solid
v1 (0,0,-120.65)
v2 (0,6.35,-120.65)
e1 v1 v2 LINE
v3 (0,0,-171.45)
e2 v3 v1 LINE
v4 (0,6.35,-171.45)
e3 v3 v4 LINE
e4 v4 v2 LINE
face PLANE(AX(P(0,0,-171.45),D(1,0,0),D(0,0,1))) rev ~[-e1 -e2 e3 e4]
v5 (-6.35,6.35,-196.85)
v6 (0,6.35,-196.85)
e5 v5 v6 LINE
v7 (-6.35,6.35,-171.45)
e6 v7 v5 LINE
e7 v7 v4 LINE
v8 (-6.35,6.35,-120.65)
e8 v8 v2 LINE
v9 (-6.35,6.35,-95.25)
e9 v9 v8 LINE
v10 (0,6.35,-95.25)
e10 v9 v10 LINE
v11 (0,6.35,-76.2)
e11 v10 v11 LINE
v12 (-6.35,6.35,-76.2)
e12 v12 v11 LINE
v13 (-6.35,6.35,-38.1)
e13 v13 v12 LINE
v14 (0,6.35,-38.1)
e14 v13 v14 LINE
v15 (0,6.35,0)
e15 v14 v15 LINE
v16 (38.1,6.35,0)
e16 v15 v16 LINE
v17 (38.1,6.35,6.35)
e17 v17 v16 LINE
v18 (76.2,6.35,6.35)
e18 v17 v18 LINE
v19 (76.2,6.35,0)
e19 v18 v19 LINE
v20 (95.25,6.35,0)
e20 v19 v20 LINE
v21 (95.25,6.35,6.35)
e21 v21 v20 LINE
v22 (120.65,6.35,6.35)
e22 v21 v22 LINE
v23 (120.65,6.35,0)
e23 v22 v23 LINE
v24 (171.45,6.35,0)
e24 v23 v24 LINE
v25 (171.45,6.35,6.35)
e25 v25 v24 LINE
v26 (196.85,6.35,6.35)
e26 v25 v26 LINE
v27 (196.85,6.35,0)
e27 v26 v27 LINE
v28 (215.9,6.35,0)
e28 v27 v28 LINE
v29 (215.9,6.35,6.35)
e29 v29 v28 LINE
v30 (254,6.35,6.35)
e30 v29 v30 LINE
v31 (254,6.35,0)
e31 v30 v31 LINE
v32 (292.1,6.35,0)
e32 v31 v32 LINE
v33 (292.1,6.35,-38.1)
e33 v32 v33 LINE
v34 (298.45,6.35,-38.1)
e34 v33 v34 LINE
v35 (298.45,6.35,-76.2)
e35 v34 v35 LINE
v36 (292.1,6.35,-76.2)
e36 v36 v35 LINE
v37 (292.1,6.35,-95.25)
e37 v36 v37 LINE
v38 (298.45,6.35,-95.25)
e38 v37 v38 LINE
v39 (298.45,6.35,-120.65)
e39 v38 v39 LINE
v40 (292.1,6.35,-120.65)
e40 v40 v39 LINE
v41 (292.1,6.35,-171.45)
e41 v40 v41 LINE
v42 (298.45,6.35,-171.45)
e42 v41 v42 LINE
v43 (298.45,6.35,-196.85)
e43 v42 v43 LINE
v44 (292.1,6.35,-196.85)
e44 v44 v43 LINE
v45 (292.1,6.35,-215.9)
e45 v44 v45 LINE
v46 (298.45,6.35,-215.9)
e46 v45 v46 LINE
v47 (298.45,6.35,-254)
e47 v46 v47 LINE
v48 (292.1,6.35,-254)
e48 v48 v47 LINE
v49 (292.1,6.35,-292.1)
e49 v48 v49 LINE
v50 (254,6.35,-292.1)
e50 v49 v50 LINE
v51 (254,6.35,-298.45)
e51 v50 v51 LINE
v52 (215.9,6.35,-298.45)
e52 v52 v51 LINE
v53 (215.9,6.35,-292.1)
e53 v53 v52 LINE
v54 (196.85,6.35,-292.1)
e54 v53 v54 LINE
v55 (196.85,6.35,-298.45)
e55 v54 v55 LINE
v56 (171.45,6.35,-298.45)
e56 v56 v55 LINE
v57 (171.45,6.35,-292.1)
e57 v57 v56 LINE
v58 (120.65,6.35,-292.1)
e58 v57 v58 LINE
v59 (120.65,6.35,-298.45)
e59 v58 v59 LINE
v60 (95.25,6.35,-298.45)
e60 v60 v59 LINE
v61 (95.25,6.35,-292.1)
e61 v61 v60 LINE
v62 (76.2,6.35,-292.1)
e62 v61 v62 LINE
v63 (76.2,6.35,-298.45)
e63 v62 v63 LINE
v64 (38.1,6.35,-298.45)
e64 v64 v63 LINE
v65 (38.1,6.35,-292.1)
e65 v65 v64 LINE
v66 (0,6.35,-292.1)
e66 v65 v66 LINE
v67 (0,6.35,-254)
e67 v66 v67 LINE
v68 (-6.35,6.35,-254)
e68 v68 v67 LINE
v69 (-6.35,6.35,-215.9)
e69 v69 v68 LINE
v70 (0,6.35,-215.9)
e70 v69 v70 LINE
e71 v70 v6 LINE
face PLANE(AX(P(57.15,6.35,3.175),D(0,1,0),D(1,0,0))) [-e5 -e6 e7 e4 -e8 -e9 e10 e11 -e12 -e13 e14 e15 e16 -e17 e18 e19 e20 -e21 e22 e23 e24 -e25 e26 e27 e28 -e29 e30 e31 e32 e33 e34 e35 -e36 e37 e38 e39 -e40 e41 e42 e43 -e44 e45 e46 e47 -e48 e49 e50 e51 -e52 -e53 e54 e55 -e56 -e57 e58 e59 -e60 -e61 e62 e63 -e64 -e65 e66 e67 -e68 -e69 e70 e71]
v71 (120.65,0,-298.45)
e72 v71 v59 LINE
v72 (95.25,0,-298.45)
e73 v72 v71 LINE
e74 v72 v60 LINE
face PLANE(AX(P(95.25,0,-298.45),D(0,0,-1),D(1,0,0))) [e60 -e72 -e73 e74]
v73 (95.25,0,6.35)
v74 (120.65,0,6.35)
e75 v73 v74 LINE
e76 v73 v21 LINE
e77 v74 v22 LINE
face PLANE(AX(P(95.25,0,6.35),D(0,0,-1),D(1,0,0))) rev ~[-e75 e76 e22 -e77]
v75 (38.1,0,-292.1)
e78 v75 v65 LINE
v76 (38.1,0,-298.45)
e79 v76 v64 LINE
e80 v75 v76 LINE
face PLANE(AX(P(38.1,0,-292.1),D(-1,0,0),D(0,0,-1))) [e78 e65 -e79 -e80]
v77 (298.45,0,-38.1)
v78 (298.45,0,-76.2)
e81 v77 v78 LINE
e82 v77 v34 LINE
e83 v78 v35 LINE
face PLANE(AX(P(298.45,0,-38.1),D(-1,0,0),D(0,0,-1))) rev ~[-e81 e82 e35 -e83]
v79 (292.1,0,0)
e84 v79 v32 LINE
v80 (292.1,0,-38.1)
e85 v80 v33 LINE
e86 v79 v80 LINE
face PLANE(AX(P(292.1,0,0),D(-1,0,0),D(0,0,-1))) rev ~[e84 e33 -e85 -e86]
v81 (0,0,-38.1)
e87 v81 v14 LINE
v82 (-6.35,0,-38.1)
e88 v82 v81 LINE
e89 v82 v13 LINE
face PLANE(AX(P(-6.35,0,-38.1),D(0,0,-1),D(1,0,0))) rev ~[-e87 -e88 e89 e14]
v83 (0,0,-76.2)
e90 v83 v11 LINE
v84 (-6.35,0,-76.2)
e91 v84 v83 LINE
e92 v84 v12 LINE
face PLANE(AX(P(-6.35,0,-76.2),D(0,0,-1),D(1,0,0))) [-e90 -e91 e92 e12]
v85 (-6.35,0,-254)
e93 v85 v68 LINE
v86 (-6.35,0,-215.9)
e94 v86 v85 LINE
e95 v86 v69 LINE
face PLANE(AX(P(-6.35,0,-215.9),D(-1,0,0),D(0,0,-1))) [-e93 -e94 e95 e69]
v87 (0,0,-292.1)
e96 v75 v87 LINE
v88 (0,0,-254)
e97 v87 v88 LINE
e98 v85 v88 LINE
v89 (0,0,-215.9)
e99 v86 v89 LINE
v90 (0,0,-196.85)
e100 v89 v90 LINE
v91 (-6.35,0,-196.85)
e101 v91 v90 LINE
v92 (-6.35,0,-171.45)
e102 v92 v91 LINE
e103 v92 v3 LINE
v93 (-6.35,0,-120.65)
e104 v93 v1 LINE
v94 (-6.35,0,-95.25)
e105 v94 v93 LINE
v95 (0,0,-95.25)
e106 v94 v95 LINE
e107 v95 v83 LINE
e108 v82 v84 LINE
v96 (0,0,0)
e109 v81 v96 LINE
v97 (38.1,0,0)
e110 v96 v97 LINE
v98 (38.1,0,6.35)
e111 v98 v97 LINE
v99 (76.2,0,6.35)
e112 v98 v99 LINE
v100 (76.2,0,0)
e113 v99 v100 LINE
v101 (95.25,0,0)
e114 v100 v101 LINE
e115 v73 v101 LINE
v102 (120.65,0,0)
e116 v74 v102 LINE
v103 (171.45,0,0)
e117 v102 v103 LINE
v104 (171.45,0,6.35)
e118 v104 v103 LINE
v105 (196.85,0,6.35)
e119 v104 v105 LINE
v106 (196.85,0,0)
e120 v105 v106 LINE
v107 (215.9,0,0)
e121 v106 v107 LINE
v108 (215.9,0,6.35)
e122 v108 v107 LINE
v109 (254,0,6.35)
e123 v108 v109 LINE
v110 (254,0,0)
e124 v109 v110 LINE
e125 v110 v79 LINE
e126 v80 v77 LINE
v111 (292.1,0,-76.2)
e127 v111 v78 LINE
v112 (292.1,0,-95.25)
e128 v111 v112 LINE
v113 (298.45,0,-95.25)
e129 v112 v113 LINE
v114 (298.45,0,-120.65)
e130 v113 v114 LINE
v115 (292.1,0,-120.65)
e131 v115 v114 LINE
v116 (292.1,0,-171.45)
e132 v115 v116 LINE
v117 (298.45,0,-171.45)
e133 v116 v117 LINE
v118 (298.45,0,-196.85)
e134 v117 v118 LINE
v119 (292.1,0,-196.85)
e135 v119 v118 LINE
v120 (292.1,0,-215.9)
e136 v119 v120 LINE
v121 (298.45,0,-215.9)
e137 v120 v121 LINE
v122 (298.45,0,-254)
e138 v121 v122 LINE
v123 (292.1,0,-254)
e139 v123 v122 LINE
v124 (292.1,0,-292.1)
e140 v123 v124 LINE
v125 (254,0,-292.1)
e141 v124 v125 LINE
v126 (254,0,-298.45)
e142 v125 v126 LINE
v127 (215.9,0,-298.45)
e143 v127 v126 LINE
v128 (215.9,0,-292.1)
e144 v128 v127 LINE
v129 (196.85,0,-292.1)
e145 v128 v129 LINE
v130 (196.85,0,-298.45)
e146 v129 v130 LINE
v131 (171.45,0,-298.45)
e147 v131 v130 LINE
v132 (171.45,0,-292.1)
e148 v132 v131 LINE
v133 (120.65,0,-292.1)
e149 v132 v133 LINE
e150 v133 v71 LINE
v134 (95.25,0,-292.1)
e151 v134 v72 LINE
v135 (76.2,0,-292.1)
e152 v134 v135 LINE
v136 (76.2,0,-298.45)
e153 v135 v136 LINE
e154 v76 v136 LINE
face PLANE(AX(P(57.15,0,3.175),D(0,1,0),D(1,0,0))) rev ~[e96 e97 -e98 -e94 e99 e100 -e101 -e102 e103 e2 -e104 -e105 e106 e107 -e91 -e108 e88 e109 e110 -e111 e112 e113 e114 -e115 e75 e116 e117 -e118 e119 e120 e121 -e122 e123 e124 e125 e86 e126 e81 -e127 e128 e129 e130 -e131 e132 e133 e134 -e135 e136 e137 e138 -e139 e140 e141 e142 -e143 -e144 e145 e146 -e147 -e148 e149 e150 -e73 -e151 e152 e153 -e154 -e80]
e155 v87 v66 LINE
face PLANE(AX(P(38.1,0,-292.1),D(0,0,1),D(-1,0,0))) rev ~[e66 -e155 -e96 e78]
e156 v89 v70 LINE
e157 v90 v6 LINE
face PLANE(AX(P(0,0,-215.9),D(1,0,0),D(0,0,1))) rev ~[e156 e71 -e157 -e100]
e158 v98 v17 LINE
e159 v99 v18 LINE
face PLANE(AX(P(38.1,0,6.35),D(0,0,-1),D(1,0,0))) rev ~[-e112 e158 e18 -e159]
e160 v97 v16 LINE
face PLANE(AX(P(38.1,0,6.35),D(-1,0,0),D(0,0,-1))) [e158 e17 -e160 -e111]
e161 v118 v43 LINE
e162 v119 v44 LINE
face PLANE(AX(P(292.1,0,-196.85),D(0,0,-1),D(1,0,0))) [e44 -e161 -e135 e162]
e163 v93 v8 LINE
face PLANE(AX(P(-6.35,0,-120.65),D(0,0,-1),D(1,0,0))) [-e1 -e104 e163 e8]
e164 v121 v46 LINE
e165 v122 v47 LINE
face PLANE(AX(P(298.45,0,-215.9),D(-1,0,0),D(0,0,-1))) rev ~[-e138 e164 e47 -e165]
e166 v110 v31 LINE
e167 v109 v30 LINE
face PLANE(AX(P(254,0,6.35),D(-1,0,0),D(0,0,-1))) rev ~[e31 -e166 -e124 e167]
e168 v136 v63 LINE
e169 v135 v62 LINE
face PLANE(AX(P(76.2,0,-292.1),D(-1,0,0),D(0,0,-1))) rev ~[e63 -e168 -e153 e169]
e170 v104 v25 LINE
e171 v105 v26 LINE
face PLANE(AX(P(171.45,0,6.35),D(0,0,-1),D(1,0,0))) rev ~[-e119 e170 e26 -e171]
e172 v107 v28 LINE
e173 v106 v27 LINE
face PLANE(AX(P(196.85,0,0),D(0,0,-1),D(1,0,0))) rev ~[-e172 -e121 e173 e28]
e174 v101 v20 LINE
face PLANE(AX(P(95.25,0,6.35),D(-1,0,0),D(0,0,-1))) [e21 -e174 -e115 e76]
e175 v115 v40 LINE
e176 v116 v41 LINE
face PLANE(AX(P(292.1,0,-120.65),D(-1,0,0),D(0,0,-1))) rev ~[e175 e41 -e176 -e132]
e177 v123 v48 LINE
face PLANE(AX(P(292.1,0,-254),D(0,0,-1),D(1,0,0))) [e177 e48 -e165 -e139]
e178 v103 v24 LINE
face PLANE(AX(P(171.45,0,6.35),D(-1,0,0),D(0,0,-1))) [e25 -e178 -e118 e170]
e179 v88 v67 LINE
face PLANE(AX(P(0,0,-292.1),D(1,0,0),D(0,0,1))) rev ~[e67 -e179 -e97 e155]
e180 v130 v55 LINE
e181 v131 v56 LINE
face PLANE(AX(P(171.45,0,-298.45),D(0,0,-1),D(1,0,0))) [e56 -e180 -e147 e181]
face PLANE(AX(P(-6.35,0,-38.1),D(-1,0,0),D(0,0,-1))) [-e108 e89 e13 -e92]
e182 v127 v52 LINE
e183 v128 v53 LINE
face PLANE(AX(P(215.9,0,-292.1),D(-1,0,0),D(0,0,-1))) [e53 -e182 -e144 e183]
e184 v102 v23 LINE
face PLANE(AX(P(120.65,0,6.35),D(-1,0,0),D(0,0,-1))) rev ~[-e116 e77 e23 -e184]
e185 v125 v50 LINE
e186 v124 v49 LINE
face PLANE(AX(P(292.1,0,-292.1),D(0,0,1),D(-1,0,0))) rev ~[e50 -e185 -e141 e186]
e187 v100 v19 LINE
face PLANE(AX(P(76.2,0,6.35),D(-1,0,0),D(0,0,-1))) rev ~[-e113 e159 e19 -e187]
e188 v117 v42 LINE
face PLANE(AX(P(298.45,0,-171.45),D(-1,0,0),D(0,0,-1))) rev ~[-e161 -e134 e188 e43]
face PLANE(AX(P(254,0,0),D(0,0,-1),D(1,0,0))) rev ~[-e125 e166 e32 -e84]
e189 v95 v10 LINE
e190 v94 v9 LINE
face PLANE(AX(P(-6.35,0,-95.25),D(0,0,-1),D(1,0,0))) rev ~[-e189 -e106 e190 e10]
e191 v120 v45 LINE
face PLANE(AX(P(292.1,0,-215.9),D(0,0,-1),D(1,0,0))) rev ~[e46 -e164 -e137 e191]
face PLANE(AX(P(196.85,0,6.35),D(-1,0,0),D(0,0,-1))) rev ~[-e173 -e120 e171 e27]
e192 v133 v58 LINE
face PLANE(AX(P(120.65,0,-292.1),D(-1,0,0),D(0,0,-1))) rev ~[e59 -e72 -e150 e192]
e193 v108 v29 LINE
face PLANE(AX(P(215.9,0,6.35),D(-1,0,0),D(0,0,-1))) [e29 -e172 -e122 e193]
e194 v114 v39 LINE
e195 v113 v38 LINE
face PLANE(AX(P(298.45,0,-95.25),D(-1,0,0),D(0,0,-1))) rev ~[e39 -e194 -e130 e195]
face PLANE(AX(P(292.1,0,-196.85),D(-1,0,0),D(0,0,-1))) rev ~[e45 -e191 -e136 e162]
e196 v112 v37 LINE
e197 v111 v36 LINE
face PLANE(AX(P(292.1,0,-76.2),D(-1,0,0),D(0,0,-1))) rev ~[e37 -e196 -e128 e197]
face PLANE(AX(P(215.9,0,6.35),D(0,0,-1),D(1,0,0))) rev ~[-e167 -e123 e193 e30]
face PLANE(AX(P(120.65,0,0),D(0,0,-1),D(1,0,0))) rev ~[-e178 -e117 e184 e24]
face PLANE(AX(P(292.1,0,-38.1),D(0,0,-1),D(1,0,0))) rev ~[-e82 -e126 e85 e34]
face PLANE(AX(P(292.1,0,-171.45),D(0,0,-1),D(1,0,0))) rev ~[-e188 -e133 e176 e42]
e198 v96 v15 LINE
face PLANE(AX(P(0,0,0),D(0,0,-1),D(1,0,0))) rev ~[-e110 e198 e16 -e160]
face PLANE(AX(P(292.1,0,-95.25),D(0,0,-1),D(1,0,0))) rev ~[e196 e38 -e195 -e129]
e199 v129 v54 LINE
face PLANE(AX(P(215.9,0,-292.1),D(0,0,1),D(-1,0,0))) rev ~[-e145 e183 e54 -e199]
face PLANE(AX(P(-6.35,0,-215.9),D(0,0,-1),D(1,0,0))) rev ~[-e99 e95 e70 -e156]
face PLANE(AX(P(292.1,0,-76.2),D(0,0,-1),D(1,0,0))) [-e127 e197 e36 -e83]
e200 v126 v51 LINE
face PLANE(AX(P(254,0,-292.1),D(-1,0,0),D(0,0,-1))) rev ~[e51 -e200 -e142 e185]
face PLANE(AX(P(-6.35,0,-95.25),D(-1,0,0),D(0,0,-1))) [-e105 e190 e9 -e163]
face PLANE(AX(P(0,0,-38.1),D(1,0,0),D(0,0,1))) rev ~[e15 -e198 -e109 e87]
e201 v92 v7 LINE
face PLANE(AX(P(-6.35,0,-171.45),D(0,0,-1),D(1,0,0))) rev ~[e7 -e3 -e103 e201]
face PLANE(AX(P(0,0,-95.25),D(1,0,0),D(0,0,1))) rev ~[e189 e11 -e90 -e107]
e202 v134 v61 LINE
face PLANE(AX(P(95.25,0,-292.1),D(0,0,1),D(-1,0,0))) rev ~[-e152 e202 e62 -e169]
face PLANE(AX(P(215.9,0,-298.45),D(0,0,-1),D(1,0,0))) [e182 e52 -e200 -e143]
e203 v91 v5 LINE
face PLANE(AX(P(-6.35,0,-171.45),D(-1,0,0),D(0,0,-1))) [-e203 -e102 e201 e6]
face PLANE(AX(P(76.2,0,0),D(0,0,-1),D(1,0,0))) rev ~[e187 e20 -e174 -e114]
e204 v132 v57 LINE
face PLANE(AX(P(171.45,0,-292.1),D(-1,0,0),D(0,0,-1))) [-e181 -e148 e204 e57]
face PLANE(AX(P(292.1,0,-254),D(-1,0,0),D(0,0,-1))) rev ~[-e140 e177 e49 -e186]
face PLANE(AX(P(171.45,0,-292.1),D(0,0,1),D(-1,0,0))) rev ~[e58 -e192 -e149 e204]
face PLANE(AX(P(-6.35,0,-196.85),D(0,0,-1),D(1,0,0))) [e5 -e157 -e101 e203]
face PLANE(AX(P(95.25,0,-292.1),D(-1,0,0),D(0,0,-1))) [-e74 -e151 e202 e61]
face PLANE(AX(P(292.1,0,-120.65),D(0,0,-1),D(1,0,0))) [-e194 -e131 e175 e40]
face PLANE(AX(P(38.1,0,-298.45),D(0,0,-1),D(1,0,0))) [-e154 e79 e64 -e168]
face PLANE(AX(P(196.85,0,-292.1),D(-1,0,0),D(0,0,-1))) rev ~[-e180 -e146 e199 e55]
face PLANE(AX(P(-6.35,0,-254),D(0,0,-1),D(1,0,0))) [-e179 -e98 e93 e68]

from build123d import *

# Parameters (mm, degrees)
SKETCH2_W           = 38.1
SKETCH2_H           = 6.35
SKETCH2_W_2         = 25.4
SKETCH2_W_3         = 6.35
SKETCH2_H_2         = 38.1
SKETCH2_H_3         = 25.4
BOSS_EXTRUDE1_DEPTH = 6.35


with BuildPart() as part:
    # Sketch2 → Boss-Extrude1 (new body)
    with BuildSketch(Plane(origin=(0, 0, 0), x_dir=(1, 0, 0), z_dir=(0, 1, 0))):
        with Locations((57.15, -3.175)):
            Rectangle(SKETCH2_W, SKETCH2_H)
        with Locations((107.95, -3.175)):
            Rectangle(SKETCH2_W_2, SKETCH2_H)
        with Locations((184.15, -3.175)):
            Rectangle(SKETCH2_W_2, SKETCH2_H)
        with Locations((234.95, -3.175)):
            Rectangle(SKETCH2_W, SKETCH2_H)
        with Locations((295.275, 57.15)):
            Rectangle(SKETCH2_W_3, SKETCH2_H_2)
        with Locations((295.275, 107.95)):
            Rectangle(SKETCH2_W_3, SKETCH2_H_3)
        with Locations((295.275, 184.15)):
            Rectangle(SKETCH2_W_3, SKETCH2_H_3)
        with Locations((295.275, 234.95)):
            Rectangle(SKETCH2_W_3, SKETCH2_H_2)
        with Locations((234.95, 295.275)):
            Rectangle(SKETCH2_W, SKETCH2_H)
        with Locations((184.15, 295.275)):
            Rectangle(SKETCH2_W_2, SKETCH2_H)
        with Locations((107.95, 295.275)):
            Rectangle(SKETCH2_W_2, SKETCH2_H)
        with Locations((57.15, 295.275)):
            Rectangle(SKETCH2_W, SKETCH2_H)
        with Locations((-3.175, 234.95)):
            Rectangle(SKETCH2_W_3, SKETCH2_H_2)
        with Locations((-3.175, 184.15)):
            Rectangle(SKETCH2_W_3, SKETCH2_H_3)
        with Locations((-3.175, 107.95)):
            Rectangle(SKETCH2_W_3, SKETCH2_H_3)
        with Locations((-3.175, 57.15)):
            Rectangle(SKETCH2_W_3, SKETCH2_H_2)
        Polygon((0, 0), (146.05, 146.05), (0, 146.05), (0, 120.65), (0, 95.25), (0, 76.2), (0, 38.1), align=None)
        Polygon((120.65, 0), (146.05, 0), (146.05, 146.05), (0, 0), (38.1, 0), (76.2, 0), (95.25, 0), align=None)
        Polygon((146.05, 146.05), (146.05, 0), (171.45, 0), (196.85, 0), (215.9, 0), (254, 0), (292.1, 0), (292.1, 38.1), (292.1, 76.2), (292.1, 95.25), (292.1, 120.65), (292.1, 146.05), align=None)
        Polygon((292.1, 292.1), (146.05, 146.05), (292.1, 146.05), (292.1, 171.45), (292.1, 196.85), (292.1, 215.9), (292.1, 254), align=None)
        Polygon((146.05, 292.1), (146.05, 146.05), (292.1, 292.1), (254, 292.1), (215.9, 292.1), (196.85, 292.1), (171.45, 292.1), align=None)
        Polygon((0, 146.05), (146.05, 146.05), (146.05, 292.1), (120.65, 292.1), (95.25, 292.1), (76.2, 292.1), (38.1, 292.1), (0, 292.1), (0, 254), (0, 215.9), (0, 196.85), (0, 171.45), align=None)
    extrude(amount=BOSS_EXTRUDE1_DEPTH)


solid = part.part
